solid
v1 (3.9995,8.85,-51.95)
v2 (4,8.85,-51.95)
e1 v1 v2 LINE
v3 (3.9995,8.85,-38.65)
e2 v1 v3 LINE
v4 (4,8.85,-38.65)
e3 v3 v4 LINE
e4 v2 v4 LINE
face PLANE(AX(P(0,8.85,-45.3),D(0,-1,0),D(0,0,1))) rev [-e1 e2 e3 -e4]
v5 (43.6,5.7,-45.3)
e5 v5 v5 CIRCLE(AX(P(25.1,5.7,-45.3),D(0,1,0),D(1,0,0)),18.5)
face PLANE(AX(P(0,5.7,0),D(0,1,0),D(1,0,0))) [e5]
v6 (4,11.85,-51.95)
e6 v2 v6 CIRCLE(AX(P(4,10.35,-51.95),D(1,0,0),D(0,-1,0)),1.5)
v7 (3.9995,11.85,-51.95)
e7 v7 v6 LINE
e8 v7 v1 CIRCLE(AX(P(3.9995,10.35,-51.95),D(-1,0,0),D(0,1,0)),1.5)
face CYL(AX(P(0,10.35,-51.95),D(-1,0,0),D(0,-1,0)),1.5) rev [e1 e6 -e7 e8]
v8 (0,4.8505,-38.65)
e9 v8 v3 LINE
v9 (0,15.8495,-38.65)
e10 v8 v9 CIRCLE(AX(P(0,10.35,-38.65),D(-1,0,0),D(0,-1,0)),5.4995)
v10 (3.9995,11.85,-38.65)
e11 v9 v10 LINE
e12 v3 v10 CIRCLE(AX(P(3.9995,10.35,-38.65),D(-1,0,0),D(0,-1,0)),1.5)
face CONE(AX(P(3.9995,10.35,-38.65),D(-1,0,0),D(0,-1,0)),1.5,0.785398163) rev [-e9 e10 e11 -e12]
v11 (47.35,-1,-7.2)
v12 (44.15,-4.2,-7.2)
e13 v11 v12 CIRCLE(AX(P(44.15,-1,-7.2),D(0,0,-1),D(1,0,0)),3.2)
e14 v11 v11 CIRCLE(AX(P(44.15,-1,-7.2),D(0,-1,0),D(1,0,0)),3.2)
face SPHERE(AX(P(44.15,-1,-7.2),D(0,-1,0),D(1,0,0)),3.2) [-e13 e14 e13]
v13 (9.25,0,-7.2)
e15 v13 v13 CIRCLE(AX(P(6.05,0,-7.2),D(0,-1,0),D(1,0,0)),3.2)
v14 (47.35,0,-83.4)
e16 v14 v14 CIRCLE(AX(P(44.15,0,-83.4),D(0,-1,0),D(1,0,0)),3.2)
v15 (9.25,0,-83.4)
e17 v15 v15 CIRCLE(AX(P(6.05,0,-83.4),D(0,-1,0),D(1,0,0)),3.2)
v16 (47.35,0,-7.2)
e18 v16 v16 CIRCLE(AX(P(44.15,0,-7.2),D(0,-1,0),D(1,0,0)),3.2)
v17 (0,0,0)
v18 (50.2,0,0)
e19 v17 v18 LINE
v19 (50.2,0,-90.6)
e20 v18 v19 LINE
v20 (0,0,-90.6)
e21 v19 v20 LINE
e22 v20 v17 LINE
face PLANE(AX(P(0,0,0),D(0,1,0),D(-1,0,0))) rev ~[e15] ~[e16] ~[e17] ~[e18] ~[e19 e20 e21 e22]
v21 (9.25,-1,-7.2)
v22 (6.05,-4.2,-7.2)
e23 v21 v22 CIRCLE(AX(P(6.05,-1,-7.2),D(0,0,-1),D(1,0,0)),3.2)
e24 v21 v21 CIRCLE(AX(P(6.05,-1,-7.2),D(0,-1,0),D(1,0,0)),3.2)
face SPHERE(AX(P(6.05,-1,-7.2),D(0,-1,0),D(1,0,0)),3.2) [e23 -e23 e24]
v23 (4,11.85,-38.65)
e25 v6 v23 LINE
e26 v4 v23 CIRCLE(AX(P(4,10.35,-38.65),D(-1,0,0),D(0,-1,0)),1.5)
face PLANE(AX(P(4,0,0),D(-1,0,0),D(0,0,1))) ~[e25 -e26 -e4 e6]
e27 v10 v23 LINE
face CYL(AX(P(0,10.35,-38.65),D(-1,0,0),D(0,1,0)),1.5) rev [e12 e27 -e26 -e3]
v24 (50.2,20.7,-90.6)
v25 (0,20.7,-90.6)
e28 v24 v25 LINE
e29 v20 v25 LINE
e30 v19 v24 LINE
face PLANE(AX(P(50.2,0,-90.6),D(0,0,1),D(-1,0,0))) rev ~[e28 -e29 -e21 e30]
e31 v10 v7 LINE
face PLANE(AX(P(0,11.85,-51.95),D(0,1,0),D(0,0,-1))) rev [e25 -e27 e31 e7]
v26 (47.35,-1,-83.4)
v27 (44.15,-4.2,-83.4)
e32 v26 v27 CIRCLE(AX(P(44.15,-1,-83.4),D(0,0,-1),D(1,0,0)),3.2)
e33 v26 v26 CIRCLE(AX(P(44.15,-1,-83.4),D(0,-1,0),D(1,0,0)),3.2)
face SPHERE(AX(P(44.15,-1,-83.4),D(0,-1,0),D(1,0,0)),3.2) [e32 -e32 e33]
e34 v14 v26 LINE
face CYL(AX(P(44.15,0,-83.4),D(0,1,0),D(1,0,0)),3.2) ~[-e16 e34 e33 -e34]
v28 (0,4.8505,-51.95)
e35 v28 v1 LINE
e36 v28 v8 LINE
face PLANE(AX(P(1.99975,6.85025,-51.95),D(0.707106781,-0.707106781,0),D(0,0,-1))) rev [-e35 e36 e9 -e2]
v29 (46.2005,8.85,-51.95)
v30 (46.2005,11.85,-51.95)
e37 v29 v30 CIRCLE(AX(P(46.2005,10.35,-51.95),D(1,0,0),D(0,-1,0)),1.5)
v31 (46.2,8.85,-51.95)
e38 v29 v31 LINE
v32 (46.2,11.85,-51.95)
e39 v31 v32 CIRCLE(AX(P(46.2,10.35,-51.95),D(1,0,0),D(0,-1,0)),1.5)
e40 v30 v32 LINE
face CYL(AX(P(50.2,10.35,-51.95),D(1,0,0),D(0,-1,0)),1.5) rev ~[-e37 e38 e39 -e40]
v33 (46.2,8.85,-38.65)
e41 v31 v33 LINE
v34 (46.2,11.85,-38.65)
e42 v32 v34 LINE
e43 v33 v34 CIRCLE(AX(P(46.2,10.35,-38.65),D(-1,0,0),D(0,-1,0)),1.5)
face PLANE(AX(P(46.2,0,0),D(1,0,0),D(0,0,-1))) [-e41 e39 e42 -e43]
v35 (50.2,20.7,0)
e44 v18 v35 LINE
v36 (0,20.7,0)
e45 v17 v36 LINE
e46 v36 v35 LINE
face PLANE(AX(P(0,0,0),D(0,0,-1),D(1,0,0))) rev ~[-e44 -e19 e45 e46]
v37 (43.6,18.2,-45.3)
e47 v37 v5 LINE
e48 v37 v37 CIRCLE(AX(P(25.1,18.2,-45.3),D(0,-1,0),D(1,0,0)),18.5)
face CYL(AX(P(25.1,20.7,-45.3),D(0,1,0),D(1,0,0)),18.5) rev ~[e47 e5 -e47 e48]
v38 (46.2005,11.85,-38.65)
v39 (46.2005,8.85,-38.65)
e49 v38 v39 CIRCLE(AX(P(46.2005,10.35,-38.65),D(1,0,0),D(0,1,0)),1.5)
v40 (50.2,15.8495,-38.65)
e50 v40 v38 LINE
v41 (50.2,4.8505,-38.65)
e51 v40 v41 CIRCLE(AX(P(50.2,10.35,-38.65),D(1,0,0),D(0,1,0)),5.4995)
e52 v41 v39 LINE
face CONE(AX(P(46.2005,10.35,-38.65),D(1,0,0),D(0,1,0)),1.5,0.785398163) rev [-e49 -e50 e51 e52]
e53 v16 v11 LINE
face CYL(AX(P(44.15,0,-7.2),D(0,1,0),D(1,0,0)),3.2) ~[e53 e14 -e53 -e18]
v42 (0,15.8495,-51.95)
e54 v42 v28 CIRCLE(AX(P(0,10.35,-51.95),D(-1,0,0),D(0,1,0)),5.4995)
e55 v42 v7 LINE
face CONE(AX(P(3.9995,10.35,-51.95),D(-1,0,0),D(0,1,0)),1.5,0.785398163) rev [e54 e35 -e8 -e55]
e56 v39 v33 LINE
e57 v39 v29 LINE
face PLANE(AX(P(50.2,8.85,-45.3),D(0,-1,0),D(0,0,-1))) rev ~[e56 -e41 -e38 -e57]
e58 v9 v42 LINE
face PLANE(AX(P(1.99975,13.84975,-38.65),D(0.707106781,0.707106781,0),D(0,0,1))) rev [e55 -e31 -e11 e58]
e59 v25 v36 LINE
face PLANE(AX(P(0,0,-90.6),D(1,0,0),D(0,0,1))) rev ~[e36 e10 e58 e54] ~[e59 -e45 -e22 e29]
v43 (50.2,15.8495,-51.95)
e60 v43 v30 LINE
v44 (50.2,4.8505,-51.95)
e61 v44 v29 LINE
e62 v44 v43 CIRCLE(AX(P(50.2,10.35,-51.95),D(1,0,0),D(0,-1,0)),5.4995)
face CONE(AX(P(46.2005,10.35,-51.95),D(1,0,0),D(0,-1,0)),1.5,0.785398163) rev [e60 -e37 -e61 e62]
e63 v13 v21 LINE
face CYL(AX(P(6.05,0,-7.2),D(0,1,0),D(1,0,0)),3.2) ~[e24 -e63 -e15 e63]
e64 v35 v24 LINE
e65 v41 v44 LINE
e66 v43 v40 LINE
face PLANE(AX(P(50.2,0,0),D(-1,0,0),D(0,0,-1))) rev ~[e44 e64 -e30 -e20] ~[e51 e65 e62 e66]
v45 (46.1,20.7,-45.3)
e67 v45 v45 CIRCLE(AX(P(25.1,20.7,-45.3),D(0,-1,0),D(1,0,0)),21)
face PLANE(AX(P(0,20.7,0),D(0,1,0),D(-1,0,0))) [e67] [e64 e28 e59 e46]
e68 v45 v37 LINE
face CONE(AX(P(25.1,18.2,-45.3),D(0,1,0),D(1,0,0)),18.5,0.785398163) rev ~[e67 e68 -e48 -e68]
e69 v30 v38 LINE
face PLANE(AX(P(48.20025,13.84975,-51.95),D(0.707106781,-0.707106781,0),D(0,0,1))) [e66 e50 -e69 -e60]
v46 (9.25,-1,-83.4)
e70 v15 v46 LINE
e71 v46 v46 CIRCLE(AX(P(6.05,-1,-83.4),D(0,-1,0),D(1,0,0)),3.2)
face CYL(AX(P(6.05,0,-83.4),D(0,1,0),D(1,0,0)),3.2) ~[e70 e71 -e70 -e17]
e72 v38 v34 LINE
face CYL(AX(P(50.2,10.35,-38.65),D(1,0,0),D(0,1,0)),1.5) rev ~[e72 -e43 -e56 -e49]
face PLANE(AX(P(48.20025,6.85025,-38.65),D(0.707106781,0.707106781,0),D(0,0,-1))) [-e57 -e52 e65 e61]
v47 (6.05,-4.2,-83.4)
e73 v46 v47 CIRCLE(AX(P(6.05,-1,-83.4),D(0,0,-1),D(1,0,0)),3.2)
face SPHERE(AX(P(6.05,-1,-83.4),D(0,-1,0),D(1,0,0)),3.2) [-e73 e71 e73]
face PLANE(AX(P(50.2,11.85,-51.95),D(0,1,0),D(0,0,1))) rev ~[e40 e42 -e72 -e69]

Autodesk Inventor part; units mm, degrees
ref_plane "YZ Plane" through (0, 0, 0) normal (1, 0, 0) x (0, 1, 0)
ref_plane "XZ Plane" through (0, 0, 0) normal (0, 1, 0) x (-1, 0, 0)
sketch "Boceto1" plane through (0, 0, 0) normal (0, 1, 0) x (-1, 0, 0)
  line L0 (0, 0) -> (-50.2, 0)
  line L1 (-50.2, 0) -> (-50.2, -90.6)
  line L2 (-50.2, -90.6) -> (0, -90.6)
  line L3 (0, -90.6) -> (0, 0)
  dimension "d0" = 50.2
  dimension "d1" = 90.6
extrude "Extrusión1" add sketch "Boceto1" along normal blind 20.7
sketch "Boceto2" plane through (0, 20.7, 0) normal (0, 1, 0) x (1, 0, 0)
  line L0 (-14.4985, 45.3) -> (58.2485, 45.3)
  circle A0 centre (25.1, 45.3) radius 18.5
  line L1 (50.2, 90.6) -> (0, 90.6) projected
  point P0 (0, 0)
  dimension "d7" = 37
  dimension "d51" = 90.6
  dimension "d52" = 0
extrude "Extrusión2" cut sketch "Boceto2" against normal blind 15
sketch "Boceto3" plane through (50.2, 0, 0) normal (1, 0, 0) x (0, 0, -1)
  line L0 (45.3, 28.8672) -> (45.3, -9.3744)
  line L1 (-5.2256, 10.35) -> (70.0589, 10.35)
  line L2 (38.65, 10.35) -> (51.95, 10.35) construction
  line L3 (38.65, 8.85) -> (51.95, 8.85)
  line L4 (51.95, 11.85) -> (38.65, 11.85)
  arc A0 (38.65, 11.85) -> (38.65, 8.85) centre (38.65, 10.35) ccw
  arc A1 (51.95, 8.85) -> (51.95, 11.85) centre (51.95, 10.35) ccw
  line L5 (90.6, 0) -> (90.6, 20.7) projected
  point P0 (0, 0)
  point P1 (45.3, 10.35)
  point P2 (53.45, 10.35)
  point P3 (37.15, 10.35)
  dimension "d11" = 16.3
  dimension "d12" = 3
  dimension "d13" = 0
  dimension "d53" = 45.3
extrude "Extrusión3" cut sketch "Boceto3" against normal blind 4
chamfer "Chaflán1" distance 4 angle 45 4 edges at (50.2, 8.85, -45.3) (50.2, 10.35, -37.15) (50.2, 11.85, -45.3) (50.2, 10.35, -53.45)
sketch "Boceto4" plane through (50.2, 0, 0) normal (1, 0, 0) x (0, 0, -1)
  point P0 (0, 0)
ref_plane "Plano de trabajo1" through (25.1, 0, 0) normal (1, 0, 0) x (0, 0, -1)
mirror "Simetría1" about plane through (25.1, 0, 0) normal (1, 0, 0) of "Extrusión3"
chamfer "Chaflán2" distance 4 angle 45 4 edges at (0, 11.85, -45.3) (0, 10.35, -37.15) (0, 8.85, -45.3) (0, 10.35, -53.45)
chamfer "Chaflán3" distance 2.5 angle 45 1 edges at (6.6, 20.7, -45.3)
sketch "Boceto5" plane through (0, 0, 0) normal (0, -1, 0) x (1, 0, 0)
  line L0 (25.1, 22.2035) -> (25.1, -86.3829)
  line L1 (-10.0483, -45.3) -> (59.9656, -45.3)
  circle A0 centre (6.05, -7.2) radius 3.2
  circle A1 centre (44.15, -7.2) radius 3.2
  circle A2 centre (44.15, -83.4) radius 3.2
  line L2 (0, 0) -> (50.2, 0) projected
  circle A3 centre (6.05, -83.4) radius 3.2
  dimension "d35" = 38.1
  dimension "d36" = 38.1
  dimension "d42" = 6.4
  dimension "d46" = 76.2
  dimension "d47" = 76.2
  dimension "d54" = 45.3
extrude "Extrusión4" add sketch "Boceto5" along normal blind 4.2
fillet "Empalme1" radius 3.2 4 edges at (40.95, -4.2, -7.2) (2.85, -4.2, -7.2) (40.95, -4.2, -83.4) (2.85, -4.2, -83.4)
properties material "Plastico PETG"
